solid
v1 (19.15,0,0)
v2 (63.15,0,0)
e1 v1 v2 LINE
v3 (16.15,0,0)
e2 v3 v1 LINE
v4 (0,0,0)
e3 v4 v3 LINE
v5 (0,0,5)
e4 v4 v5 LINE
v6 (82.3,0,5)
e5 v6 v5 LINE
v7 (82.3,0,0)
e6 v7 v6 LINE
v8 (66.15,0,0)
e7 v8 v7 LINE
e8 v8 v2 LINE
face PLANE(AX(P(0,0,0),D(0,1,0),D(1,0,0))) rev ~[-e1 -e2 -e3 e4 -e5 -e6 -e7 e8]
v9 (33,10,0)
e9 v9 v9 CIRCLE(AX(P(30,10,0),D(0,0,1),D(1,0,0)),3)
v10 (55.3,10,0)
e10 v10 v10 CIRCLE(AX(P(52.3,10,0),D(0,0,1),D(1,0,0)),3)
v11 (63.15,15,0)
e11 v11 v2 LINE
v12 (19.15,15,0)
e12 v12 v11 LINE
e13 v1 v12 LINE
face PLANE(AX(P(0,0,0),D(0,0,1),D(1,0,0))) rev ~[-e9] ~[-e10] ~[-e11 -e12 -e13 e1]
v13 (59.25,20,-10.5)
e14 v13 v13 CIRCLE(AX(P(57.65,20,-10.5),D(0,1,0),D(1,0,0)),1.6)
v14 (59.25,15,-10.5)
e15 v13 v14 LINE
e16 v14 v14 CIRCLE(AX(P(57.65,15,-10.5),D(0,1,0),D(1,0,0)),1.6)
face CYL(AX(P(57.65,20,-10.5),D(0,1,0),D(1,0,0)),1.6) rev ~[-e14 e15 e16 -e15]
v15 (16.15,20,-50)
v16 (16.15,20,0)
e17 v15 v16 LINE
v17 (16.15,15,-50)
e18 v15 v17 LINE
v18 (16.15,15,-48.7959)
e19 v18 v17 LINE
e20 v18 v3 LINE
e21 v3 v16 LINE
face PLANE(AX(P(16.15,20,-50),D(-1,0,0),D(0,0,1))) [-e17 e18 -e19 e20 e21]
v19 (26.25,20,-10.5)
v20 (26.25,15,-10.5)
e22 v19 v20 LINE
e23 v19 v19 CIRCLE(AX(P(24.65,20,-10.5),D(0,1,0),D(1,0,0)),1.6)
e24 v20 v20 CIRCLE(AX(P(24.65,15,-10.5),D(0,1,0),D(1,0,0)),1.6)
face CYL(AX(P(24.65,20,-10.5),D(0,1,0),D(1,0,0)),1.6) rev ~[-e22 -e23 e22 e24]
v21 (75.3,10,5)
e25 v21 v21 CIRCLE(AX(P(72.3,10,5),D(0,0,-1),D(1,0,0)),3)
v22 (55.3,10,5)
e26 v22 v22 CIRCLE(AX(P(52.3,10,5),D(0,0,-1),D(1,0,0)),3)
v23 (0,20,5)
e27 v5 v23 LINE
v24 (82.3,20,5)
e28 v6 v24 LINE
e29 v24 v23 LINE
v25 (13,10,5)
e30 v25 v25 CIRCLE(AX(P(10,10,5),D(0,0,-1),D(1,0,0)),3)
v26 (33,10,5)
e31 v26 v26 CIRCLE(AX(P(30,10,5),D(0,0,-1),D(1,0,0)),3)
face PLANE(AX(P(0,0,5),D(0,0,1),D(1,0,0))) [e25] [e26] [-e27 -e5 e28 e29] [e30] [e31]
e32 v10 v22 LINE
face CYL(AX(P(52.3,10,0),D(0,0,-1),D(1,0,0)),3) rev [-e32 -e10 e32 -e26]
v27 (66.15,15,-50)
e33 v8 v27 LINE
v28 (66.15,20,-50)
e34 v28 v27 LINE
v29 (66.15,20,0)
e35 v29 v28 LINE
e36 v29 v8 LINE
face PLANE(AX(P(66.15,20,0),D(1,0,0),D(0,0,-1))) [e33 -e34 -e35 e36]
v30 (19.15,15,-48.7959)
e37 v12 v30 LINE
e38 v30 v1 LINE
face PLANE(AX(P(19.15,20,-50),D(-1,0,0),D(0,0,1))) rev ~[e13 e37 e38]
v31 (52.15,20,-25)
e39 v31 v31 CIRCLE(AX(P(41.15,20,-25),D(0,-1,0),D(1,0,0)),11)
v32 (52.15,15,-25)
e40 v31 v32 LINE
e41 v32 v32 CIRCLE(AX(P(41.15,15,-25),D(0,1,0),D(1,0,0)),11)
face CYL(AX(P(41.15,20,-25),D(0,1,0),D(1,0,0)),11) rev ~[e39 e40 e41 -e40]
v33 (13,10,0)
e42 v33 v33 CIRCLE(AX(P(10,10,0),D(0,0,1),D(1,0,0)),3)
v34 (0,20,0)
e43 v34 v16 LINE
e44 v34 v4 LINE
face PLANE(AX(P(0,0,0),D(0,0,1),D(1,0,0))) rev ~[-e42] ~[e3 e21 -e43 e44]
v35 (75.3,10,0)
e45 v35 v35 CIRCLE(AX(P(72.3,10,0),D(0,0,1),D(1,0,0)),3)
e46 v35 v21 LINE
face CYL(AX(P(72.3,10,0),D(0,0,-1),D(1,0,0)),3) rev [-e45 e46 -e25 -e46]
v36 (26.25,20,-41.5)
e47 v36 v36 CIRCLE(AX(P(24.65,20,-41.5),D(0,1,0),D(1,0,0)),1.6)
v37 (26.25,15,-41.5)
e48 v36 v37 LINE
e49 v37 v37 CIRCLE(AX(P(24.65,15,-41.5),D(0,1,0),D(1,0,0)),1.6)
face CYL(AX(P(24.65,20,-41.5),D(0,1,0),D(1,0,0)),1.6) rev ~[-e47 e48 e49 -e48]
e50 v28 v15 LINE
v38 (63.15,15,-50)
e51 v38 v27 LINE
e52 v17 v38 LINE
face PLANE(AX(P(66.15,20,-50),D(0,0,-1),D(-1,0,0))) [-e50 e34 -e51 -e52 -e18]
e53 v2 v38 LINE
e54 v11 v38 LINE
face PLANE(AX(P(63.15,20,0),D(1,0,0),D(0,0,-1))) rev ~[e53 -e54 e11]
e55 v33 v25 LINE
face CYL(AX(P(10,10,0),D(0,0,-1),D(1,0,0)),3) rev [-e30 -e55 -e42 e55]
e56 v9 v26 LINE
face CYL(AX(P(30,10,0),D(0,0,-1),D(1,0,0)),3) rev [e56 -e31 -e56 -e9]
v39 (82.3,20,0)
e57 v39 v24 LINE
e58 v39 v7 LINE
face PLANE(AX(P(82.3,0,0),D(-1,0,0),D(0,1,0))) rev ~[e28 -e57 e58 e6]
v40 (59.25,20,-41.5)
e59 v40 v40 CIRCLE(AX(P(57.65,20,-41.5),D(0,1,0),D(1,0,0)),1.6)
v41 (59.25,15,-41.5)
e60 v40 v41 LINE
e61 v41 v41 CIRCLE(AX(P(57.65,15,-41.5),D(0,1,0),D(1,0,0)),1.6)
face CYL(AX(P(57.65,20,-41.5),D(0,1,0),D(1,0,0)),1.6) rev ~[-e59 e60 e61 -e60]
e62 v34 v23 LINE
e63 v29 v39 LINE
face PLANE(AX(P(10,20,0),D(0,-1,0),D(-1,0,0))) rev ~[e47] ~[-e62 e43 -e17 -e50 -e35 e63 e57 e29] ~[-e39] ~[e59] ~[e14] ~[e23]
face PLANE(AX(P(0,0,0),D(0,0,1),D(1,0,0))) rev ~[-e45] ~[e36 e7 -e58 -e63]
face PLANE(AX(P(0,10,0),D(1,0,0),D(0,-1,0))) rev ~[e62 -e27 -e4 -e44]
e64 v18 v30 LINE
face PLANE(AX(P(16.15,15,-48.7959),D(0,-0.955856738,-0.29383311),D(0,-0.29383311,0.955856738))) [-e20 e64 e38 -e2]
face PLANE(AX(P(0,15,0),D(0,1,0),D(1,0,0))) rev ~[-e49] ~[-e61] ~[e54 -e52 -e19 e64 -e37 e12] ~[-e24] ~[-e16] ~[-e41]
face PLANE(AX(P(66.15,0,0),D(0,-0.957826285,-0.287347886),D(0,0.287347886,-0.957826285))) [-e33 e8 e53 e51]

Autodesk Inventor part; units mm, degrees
ref_plane "YZ Plane" through (0, 0, 0) normal (1, 0, 0) x (0, 1, 0)
ref_plane "XZ Plane" through (0, 0, 0) normal (0, 1, 0) x (-1, 0, 0)
ref_plane "XY Plane" through (0, 0, 0) normal (0, 0, 1) x (1, 0, 0)
sketch "Sketch1" plane through (0, 0, 0) normal (0, 0, 1) x (1, 0, 0)
  line L0 (0, 0) -> (82.3, 0)
  line L1 (82.3, 0) -> (82.3, 20)
  line L2 (82.3, 20) -> (0, 20)
  line L3 (0, 20) -> (0, 0)
  line L4 (-2.8173, 10) -> (83.4818, 10)
  line L5 (41.15, 24.9256) -> (41.15, -5.5134)
  line L6 (41.15, -5.5134) -> (20, -5.5134) construction
  line L7 (41.15, -5.5134) -> (62.3, -5.5134) construction
  line L8 (20, -5.5134) -> (20, 27.3565) construction
  line L9 (62.3, -5.5134) -> (62.3, 27.7135) construction
  line L10 (20, -5.5134) -> (10, -5.5134) construction
  line L11 (10, -5.5134) -> (10, 28.7251)
  circle A0 centre (10, 10) radius 3
  line L12 (20, -5.5134) -> (30, -5.5134) construction
  line L13 (30, -5.5134) -> (30, 27.7135)
  circle A1 centre (30, 10) radius 3
  line L14 (62.3, -5.5134) -> (72.3, -5.5134) construction
  line L15 (72.3, -5.5134) -> (72.3, 24.2533)
  line L16 (62.3, -5.5134) -> (52.3, -5.5134)
  line L17 (52.3, -5.5134) -> (52.3, 29.0456)
  circle A2 centre (52.3, 10) radius 3
  circle A3 centre (72.3, 10) radius 3
  dimension "d0" = 82.3
  dimension "d1" = 20
  dimension "d2" = 21.15
  dimension "d3" = 21.15
  dimension "d4" = 10
  dimension "d5" = 6
  dimension "d6" = 10
  dimension "d7" = 6
  dimension "d8" = 10
  dimension "d9" = 10
  dimension "d10" = 6
  dimension "d11" = 6
extrude "Extrusion1" add sketch "Sketch1" along normal blind 5 contours L3 L4 A0 L11 L0 | L11 A0 L4 A1 L13 L0 | L3 L2 L11 A0 L4 | L13 A1 L4 L5 L0 | L5 L4 A2 L17 L0 | A0 L11 L2 L13 A1 L4 | L17 A2 L4 A3 L15 L0 | L5 L2 L17 A2 L4 | L4 A1 L13 L2 L5 | L15 A3 L4 L1 L0 | A2 L17 L2 L15 A3 L4 | L4 A3 L15 L2 L1
sketch "Sketch2" plane through (0, 20, 0) normal (0, 1, 0) x (1, 0, 0)
  line L0 (82.3, 0) -> (0, 0) projected
  line L1 (0, 0) -> (0, -5) projected
  line L2 (82.3, 0) -> (82.3, -5) projected
  line L3 (41.15, 64.2436) -> (41.15, -26.8176)
  line L4 (41.15, 0) -> (66.15, 0)
  line L5 (66.15, 0) -> (66.15, 50)
  line L6 (66.15, 50) -> (16.15, 50)
  line L7 (16.15, 50) -> (16.15, 0)
  circle A0 centre (41.15, 25) radius 11
  line L8 (41.15, 64.2436) -> (57.65, 64.2436)
  line L9 (57.65, 6.1421) -> (5.0097, 6.1421)
  circle A1 centre (57.65, 41.5) radius 1.6
  circle A2 centre (24.65, 41.5) radius 1.6
  circle A3 centre (24.65, 10.5) radius 1.6
  circle A4 centre (57.65, 10.5) radius 1.6
  dimension "d14" = 25
  dimension "d15" = 50
  dimension "d16" = 50
  dimension "d17" = 22
  dimension "d20" = 16.5
  dimension "d22" = 3.2
  dimension "d23" = 3.2
  dimension "d24" = 3.2
  dimension "d25" = 3.2
extrude "Extrusion2" add sketch "Sketch2" against normal blind 5 contours L0 L3 A0 L6 L5 | L0 L7 L9 L3 | L9 L7 L6 L3 A0
sketch "Sketch3" plane through (16.15, 20, -50) normal (-1, 0, 0) x (0, 0, 1)
  line L0 (50, -5) -> (0, -5) projected
  line L1 (50, 0) -> (50, -5) projected
  line L2 (1.2041, -5) -> (50, -20)
  line L3 (50, -20) -> (50, -5)
  line L4 (50, -20) -> (50, -5)
  line L5 (50, -5) -> (1.2041, -5)
extrude "Extrusion3" add sketch "Sketch3" against normal blind 3
sketch "Sketch4" plane through (66.15, 20, 0) normal (1, 0, 0) x (0, 0, -1)
  line L0 (50, -5) -> (0, -5) projected
  line L1 (0, -20) -> (50, -5)
  line L2 (50, -5) -> (1.261, -5)
  line L3 (0, -5) -> (0, -20)
extrude "Extrusion4" add sketch "Sketch4" against normal blind 3
properties part number "z motor mount" material "ABS Plastic"
